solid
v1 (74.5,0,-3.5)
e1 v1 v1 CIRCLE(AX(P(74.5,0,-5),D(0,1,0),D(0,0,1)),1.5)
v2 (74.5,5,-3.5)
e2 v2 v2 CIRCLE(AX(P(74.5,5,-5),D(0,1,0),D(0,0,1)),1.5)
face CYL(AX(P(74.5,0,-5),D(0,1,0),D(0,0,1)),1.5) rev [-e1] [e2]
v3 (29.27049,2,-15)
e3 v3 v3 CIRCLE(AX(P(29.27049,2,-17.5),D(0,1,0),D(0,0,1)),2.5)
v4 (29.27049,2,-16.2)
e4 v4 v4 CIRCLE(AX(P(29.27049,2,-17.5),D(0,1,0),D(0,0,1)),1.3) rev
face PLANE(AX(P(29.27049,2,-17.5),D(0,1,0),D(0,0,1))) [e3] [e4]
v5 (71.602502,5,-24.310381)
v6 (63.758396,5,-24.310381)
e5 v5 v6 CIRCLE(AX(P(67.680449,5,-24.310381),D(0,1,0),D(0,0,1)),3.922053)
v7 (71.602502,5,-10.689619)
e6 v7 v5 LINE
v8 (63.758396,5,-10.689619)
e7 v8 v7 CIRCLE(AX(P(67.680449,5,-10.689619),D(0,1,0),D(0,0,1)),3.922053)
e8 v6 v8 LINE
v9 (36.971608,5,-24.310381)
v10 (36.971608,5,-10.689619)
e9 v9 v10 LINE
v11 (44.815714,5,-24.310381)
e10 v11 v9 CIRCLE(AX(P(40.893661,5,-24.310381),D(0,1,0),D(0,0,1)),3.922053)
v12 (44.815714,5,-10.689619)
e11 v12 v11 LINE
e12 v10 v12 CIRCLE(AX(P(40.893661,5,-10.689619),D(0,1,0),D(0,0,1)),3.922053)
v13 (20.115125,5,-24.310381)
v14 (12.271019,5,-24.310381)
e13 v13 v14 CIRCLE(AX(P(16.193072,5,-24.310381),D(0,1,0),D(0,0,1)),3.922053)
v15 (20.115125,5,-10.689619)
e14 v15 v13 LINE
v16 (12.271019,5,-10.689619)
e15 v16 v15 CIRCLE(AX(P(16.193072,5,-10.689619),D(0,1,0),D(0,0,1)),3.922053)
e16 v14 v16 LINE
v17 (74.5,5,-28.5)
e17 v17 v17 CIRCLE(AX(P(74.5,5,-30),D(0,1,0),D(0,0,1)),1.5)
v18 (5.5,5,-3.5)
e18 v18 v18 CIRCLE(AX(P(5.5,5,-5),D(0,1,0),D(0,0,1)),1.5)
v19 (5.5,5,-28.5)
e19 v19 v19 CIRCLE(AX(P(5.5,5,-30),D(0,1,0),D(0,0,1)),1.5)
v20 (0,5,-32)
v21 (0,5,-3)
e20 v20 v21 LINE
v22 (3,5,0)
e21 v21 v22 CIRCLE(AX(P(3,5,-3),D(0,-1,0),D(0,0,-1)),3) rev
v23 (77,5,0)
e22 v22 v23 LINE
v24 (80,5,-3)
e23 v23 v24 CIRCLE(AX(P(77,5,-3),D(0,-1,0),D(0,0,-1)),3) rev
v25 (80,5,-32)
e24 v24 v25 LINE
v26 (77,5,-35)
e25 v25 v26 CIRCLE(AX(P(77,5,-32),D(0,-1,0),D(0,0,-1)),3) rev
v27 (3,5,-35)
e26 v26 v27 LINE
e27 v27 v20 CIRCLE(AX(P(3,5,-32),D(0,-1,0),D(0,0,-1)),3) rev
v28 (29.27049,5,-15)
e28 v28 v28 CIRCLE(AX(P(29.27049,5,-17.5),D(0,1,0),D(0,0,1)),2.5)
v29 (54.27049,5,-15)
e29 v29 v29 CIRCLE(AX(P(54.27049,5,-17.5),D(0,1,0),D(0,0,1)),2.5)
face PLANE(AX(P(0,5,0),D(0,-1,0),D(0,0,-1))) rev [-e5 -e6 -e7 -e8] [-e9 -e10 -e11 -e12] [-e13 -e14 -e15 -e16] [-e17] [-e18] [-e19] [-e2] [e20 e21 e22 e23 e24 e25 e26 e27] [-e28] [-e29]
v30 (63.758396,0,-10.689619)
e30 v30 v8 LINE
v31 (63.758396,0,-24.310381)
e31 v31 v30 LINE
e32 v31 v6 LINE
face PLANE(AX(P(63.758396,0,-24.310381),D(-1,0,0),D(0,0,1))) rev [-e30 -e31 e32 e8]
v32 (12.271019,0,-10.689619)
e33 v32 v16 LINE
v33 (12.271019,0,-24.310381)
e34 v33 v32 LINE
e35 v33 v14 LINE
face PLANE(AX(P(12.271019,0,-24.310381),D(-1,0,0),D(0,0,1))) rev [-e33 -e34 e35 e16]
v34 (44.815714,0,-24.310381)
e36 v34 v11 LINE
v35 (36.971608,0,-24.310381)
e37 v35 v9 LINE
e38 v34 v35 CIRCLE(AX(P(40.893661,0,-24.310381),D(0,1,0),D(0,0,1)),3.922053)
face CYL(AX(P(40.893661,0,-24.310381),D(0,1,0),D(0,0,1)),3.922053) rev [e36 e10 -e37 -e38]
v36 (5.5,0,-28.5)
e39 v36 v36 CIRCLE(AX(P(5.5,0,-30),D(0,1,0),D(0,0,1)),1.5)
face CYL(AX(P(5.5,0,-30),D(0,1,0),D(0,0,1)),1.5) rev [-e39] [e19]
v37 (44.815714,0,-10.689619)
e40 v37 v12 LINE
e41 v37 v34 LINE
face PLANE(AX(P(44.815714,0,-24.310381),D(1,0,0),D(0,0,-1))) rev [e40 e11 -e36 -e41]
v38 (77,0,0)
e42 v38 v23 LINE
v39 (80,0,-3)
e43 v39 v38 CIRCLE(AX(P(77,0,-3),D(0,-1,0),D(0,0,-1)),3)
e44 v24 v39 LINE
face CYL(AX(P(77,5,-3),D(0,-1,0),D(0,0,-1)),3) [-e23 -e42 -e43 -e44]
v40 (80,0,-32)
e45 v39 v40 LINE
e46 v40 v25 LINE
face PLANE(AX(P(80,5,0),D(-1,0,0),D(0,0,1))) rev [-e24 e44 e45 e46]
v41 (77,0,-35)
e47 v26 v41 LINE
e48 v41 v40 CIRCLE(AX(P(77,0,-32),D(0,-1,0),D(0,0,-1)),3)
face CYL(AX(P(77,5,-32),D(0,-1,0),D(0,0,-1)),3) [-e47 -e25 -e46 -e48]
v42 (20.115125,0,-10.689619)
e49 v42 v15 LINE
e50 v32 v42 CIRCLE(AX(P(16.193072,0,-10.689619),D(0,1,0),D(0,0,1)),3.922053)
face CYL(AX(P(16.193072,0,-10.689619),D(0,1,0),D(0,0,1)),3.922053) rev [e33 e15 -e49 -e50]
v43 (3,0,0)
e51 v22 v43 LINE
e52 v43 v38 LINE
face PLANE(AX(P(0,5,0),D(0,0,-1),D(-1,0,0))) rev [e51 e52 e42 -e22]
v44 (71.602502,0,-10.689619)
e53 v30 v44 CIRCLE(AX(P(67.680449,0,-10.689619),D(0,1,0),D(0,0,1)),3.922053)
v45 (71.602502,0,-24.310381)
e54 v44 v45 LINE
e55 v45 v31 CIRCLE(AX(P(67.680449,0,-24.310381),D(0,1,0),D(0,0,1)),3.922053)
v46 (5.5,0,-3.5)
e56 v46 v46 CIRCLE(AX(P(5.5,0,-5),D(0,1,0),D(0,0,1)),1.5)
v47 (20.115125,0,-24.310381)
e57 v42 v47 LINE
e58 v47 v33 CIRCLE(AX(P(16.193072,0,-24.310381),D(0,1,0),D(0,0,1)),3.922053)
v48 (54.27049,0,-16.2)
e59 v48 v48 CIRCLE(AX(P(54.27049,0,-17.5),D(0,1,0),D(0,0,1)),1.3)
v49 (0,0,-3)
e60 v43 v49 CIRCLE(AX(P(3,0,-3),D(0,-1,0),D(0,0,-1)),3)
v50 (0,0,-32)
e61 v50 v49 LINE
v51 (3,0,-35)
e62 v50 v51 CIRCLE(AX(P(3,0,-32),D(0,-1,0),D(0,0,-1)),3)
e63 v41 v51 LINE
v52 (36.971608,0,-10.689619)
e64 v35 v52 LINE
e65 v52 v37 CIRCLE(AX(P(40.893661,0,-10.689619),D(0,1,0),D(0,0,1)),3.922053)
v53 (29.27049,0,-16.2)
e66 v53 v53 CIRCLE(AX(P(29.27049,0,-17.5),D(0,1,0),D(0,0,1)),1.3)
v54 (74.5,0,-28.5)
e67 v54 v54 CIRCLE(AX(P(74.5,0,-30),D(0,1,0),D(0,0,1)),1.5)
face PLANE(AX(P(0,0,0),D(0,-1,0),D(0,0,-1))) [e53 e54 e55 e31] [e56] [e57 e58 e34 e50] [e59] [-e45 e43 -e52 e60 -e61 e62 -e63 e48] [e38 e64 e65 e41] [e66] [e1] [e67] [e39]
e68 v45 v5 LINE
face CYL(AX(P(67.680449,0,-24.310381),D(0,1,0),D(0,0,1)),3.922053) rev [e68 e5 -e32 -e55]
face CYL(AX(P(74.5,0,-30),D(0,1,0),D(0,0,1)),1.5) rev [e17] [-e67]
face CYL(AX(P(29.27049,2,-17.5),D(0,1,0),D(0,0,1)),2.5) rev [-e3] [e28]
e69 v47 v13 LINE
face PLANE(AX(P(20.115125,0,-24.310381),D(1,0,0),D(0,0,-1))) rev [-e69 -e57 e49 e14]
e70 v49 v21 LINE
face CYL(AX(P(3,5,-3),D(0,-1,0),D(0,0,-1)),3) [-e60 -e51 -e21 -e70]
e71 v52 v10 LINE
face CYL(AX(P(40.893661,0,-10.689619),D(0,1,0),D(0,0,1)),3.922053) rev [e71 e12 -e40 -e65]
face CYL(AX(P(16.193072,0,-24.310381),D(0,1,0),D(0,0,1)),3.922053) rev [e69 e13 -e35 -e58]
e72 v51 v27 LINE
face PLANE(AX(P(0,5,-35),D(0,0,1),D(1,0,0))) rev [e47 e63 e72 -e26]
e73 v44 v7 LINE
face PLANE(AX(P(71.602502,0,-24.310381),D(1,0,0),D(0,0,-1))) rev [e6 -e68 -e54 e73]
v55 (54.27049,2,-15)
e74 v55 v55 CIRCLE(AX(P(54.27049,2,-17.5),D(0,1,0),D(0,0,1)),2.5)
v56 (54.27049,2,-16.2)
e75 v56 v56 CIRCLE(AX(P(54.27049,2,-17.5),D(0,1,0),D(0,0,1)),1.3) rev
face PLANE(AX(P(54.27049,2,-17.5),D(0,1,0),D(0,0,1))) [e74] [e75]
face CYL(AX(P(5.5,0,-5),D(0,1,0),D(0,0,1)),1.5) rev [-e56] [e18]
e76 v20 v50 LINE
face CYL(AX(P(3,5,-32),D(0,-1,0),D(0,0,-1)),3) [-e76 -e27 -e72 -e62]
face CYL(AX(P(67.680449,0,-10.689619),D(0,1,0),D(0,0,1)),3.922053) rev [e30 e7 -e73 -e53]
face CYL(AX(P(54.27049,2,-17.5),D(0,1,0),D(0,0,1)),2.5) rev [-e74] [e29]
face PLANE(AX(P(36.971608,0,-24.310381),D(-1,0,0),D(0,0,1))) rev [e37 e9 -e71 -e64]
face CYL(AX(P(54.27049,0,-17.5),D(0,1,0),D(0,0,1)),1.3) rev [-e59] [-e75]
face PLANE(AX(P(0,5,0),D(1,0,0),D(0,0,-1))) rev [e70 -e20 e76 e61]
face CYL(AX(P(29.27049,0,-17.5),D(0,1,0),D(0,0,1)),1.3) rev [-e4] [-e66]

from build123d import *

# Parameters (mm, degrees)
ESQUISSE1_W             = 80
ESQUISSE1_H             = 35
BOSS_EXTRU_1_DEPTH      = 5
ESQUISSE2_R             = 1.5
ESQUISSE2_R_2           = 1.3
ENL_V_MAT_EXTRU_1_DEPTH = 88.464278423
ESQUISSE4_R             = 2.5
ENL_V_MAT_EXTRU_2_DEPTH = 3
CONG_1_R                = 3


with BuildPart() as part:
    # Esquisse1 → Boss.-Extru.1 (new body)
    with BuildSketch(Plane(origin=(0, 0, 0), x_dir=(1, 0, 0), z_dir=(0, 1, 0))):
        with Locations((40, 17.5)):
            Rectangle(ESQUISSE1_W, ESQUISSE1_H)
    extrude(amount=BOSS_EXTRU_1_DEPTH)

    # Esquisse2 → Enlèv. mat.-Extru.1 (cut, through all)
    with BuildSketch(Plane(origin=(0, 5, 0), x_dir=(1, 0, 0), z_dir=(0, 1, 0))):
        with Locations(Location((5.5, 30, 0), (0, 0, 270))):
            Circle(ESQUISSE2_R)
        with Locations(Location((74.5, 30, 0), (0, 0, 270))):
            Circle(ESQUISSE2_R)
        with Locations(Location((29.270489512, 17.5, 0), (0, 0, 270))):
            Circle(ESQUISSE2_R_2)
        with Locations(Location((54.270489512, 17.5, 0), (0, 0, 270))):
            Circle(ESQUISSE2_R_2)
        with Locations(Location((74.5, 5, 0), (0, 0, 270))):
            Circle(ESQUISSE2_R)
        with Locations(Location((5.5, 5, 0), (0, 0, 270))):
            Circle(ESQUISSE2_R)
        with BuildLine():
            Line((71.602501664, 24.310381411), (71.602501664, 10.689618589))
            ThreePointArc((71.602501664, 10.689618589), (67.680448662, 6.767565587), (63.75839566, 10.689618589))
            Line((63.75839566, 10.689618589), (63.75839566, 24.310381411))
            ThreePointArc((63.75839566, 24.310381411), (67.680448662, 28.232434413), (71.602501664, 24.310381411))
        make_face()
        with BuildLine():
            Line((44.815714141, 24.310381411), (44.815714141, 10.689618589))
            ThreePointArc((44.815714141, 10.689618589), (40.893661139, 6.767565587), (36.971608137, 10.689618589))
            Line((36.971608137, 10.689618589), (36.971608137, 24.310381411))
            ThreePointArc((36.971608137, 24.310381411), (40.893661139, 28.232434413), (44.815714141, 24.310381411))
        make_face()
        with BuildLine():
            Line((20.115125023, 24.310381411), (20.115125023, 10.689618589))
            ThreePointArc((20.115125023, 10.689618589), (16.193072021, 6.767565587), (12.271019019, 10.689618589))
            Line((12.271019019, 10.689618589), (12.271019019, 24.310381411))
            ThreePointArc((12.271019019, 24.310381411), (16.193072021, 28.232434413), (20.115125023, 24.310381411))
        make_face()
    extrude(amount=-ENL_V_MAT_EXTRU_1_DEPTH, mode=Mode.SUBTRACT)

    # Esquisse4 → Enlèv. mat.-Extru.2 (cut)
    with BuildSketch(Plane(origin=(0, 5, 0), x_dir=(1, 0, 0), z_dir=(0, 1, 0))):
        with Locations(Location((29.270489512, 17.5, 0), (0, 0, 270))):
            Circle(ESQUISSE4_R)
        with Locations(Location((54.270489512, 17.5, 0), (0, 0, 270))):
            Circle(ESQUISSE4_R)
    extrude(amount=-ENL_V_MAT_EXTRU_2_DEPTH, mode=Mode.SUBTRACT)

    # Congé1
    cong_1_edges = [part.edges().sort_by_distance(p)[0] for p in [
        (0, 2.5, -35),
        (80, 2.5, -35),
        (80, 2.5, 0),
        (0, 2.5, 0),
    ]]
    fillet(cong_1_edges, radius=CONG_1_R)


solid = part.part
